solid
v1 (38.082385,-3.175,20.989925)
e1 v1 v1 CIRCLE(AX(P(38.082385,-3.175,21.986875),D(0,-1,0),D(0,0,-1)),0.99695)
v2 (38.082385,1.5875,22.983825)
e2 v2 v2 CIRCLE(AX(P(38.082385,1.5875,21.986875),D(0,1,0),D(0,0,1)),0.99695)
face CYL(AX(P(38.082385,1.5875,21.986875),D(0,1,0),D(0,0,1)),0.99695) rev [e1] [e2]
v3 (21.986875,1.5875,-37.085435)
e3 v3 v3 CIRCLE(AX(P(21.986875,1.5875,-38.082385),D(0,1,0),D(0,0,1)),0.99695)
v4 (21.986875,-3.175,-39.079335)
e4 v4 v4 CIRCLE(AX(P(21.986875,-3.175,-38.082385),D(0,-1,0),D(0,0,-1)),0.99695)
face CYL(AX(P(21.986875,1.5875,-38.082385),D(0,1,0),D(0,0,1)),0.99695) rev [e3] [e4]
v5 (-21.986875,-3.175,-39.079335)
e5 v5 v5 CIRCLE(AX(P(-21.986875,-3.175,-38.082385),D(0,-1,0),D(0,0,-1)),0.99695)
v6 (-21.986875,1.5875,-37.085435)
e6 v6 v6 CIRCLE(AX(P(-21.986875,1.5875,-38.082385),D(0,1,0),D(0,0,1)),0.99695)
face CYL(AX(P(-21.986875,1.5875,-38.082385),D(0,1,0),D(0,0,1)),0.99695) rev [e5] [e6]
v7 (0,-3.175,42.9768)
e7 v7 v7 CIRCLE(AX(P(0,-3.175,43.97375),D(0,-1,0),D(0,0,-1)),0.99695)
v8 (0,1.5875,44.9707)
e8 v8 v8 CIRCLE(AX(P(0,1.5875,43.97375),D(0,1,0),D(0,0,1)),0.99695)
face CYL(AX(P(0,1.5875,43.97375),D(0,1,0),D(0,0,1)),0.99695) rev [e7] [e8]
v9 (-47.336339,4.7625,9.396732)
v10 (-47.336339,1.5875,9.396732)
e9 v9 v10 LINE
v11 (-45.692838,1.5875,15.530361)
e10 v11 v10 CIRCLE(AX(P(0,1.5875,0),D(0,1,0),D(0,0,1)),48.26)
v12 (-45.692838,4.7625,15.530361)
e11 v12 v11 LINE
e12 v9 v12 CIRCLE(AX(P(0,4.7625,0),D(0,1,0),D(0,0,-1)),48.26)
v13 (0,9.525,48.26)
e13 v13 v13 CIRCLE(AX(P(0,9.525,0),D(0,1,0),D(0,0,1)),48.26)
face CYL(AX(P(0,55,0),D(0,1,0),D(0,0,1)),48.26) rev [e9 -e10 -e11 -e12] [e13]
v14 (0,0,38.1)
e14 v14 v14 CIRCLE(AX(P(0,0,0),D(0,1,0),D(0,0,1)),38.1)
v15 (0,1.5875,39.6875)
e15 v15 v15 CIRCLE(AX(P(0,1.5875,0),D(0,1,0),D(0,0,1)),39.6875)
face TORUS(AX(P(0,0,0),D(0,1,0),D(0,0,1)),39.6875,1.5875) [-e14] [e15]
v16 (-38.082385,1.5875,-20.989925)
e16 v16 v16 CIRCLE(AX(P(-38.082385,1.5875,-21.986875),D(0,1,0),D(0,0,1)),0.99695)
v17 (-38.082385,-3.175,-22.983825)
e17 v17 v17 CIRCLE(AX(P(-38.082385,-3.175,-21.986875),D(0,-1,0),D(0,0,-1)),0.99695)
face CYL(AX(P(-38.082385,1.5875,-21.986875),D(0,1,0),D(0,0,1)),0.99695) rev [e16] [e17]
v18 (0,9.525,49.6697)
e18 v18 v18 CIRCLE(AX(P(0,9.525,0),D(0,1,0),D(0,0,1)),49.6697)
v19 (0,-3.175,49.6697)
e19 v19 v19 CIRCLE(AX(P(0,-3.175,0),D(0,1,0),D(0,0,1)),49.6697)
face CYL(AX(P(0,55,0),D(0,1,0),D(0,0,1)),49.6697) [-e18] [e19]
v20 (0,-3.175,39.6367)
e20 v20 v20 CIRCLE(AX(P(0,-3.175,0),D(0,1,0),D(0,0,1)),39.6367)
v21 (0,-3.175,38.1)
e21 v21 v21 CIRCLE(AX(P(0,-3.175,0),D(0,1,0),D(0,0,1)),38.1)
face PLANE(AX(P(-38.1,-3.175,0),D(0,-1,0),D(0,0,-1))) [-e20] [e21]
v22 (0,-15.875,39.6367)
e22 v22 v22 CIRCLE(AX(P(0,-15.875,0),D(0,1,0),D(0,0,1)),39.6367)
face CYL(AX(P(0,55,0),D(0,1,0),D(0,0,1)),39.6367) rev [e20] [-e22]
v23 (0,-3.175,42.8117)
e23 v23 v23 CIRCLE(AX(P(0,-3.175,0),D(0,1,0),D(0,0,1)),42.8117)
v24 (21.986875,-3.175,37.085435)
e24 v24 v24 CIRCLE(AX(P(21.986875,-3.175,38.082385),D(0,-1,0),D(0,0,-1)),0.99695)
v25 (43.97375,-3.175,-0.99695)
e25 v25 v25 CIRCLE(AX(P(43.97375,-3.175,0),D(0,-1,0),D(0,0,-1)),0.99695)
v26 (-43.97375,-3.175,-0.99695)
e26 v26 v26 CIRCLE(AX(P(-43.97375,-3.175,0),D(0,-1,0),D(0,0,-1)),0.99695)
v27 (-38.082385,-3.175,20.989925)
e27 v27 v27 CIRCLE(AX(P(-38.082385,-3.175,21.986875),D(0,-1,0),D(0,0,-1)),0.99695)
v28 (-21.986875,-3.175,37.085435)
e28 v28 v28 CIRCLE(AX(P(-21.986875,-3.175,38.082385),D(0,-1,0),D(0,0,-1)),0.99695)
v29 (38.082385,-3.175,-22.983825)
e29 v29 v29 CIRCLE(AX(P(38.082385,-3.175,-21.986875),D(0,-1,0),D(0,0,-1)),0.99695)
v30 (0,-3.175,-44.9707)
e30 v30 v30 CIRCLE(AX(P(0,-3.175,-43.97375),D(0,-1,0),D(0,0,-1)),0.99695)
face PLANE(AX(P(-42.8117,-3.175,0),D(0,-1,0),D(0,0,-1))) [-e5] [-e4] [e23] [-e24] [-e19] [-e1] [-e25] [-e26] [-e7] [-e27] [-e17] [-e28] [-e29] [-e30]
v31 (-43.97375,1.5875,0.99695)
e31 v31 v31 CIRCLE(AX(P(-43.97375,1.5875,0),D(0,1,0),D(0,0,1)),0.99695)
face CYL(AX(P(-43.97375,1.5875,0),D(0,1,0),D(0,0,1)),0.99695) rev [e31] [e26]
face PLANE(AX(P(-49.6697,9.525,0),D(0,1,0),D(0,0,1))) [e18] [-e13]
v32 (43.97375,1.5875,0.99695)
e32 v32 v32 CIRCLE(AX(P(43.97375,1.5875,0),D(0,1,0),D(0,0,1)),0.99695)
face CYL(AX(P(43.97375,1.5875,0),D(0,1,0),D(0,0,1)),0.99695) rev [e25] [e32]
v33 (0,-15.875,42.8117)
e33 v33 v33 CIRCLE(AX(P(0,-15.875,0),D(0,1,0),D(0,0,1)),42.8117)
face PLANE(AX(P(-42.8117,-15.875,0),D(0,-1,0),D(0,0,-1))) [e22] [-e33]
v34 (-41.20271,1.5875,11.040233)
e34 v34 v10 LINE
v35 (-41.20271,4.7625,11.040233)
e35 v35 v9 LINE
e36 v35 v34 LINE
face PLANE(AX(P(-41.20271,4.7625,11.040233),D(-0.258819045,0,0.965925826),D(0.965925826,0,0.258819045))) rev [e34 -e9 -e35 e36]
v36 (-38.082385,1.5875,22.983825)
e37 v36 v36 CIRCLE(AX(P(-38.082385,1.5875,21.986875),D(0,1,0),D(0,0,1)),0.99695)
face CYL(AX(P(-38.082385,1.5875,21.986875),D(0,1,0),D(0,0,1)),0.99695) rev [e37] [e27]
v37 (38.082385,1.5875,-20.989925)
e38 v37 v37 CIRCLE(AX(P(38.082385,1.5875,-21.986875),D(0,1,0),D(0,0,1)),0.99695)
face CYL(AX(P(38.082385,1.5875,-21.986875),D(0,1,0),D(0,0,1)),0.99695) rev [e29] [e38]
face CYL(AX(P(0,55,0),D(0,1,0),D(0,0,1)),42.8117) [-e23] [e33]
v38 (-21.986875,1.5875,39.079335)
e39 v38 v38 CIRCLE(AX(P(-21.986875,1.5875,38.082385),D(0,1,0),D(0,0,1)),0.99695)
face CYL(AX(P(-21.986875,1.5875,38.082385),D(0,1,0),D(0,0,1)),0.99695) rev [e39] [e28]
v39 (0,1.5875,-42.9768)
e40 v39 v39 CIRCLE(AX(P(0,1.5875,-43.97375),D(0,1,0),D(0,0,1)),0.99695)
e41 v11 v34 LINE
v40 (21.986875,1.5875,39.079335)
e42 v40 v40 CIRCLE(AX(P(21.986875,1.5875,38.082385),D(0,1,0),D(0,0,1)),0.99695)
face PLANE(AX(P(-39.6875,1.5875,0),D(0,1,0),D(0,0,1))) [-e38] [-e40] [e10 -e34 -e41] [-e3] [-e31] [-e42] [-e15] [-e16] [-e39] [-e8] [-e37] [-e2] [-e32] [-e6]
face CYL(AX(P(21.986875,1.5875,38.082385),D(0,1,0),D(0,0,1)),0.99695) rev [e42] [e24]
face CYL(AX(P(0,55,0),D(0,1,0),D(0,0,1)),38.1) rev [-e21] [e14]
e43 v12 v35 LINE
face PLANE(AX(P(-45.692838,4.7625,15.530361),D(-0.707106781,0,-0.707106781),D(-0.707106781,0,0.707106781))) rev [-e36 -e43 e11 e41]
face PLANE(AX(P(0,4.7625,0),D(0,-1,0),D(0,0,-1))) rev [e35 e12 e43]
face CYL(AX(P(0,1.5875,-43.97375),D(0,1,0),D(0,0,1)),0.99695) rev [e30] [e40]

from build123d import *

# Parameters (mm, degrees)
F_3_48_TAPPED_HOLE1_D = 1.9939
CIRPATTERN1_COUNT     = 12
BOSS_EXTRUDE1_DEPTH   = 3.175


with BuildPart() as part:
    # Cross Section → Main (revolve)
    with BuildSketch(Plane.XY):
        with BuildLine():
            Line((-38.1, 0), (-38.1, -3.175))
            Line((-38.1, -3.175), (-39.6367, -3.175))
            Line((-39.6367, -3.175), (-39.6367, -15.875))
            Line((-39.6367, -15.875), (-42.8117, -15.875))
            Line((-42.8117, -15.875), (-42.8117, -3.175))
            Line((-42.8117, -3.175), (-49.6697, -3.175))
            Line((-49.6697, -3.175), (-49.6697, 9.525))
            Line((-49.6697, 9.525), (-48.26, 9.525))
            Line((-48.26, 9.525), (-48.26, 1.5875))
            Line((-48.26, 1.5875), (-39.6875, 1.5875))
            ThreePointArc((-39.6875, 1.5875), (-38.564967985, 1.122532015), (-38.1, 0))
        make_face()
    revolve(axis=Axis((0, 55, 0), (0, -1, 0)))

    # #3-48 Tapped Hole1 (through all)
    with Locations(Plane(origin=(0, 1.5875, 0), x_dir=(1, 0, 0), z_dir=(0, 1, 0))):
        with Locations((-43.97375, 0)):
            f_3_48_tapped_hole1 = Hole(F_3_48_TAPPED_HOLE1_D / 2)

    # CirPattern1: #3-48 Tapped Hole1 ×12 about axis
    cirpattern1_axis = Axis((0, 0, 0), (0, 1, 0))
    for i in range(1, CIRPATTERN1_COUNT):
        add(f_3_48_tapped_hole1.rotate(cirpattern1_axis, i * 360 / CIRPATTERN1_COUNT), mode=Mode.SUBTRACT)

    # Sketch3 → Boss-Extrude1 (add)
    with BuildSketch(Plane(origin=(0, 1.5875, 0), x_dir=(1, 0, 0), z_dir=(0, 1, 0))):
        with BuildLine():
            Line((-45.692838455, -15.530361037), (-41.202710394, -11.040232976))
            Line((-41.202710394, -11.040232976), (-47.336339391, -9.39673204))
            ThreePointArc((-47.336339391, -9.39673204), (-46.615580377, -12.490607117), (-45.692838455, -15.530361037))
        make_face()
    extrude(amount=BOSS_EXTRUDE1_DEPTH)


solid = part.part
